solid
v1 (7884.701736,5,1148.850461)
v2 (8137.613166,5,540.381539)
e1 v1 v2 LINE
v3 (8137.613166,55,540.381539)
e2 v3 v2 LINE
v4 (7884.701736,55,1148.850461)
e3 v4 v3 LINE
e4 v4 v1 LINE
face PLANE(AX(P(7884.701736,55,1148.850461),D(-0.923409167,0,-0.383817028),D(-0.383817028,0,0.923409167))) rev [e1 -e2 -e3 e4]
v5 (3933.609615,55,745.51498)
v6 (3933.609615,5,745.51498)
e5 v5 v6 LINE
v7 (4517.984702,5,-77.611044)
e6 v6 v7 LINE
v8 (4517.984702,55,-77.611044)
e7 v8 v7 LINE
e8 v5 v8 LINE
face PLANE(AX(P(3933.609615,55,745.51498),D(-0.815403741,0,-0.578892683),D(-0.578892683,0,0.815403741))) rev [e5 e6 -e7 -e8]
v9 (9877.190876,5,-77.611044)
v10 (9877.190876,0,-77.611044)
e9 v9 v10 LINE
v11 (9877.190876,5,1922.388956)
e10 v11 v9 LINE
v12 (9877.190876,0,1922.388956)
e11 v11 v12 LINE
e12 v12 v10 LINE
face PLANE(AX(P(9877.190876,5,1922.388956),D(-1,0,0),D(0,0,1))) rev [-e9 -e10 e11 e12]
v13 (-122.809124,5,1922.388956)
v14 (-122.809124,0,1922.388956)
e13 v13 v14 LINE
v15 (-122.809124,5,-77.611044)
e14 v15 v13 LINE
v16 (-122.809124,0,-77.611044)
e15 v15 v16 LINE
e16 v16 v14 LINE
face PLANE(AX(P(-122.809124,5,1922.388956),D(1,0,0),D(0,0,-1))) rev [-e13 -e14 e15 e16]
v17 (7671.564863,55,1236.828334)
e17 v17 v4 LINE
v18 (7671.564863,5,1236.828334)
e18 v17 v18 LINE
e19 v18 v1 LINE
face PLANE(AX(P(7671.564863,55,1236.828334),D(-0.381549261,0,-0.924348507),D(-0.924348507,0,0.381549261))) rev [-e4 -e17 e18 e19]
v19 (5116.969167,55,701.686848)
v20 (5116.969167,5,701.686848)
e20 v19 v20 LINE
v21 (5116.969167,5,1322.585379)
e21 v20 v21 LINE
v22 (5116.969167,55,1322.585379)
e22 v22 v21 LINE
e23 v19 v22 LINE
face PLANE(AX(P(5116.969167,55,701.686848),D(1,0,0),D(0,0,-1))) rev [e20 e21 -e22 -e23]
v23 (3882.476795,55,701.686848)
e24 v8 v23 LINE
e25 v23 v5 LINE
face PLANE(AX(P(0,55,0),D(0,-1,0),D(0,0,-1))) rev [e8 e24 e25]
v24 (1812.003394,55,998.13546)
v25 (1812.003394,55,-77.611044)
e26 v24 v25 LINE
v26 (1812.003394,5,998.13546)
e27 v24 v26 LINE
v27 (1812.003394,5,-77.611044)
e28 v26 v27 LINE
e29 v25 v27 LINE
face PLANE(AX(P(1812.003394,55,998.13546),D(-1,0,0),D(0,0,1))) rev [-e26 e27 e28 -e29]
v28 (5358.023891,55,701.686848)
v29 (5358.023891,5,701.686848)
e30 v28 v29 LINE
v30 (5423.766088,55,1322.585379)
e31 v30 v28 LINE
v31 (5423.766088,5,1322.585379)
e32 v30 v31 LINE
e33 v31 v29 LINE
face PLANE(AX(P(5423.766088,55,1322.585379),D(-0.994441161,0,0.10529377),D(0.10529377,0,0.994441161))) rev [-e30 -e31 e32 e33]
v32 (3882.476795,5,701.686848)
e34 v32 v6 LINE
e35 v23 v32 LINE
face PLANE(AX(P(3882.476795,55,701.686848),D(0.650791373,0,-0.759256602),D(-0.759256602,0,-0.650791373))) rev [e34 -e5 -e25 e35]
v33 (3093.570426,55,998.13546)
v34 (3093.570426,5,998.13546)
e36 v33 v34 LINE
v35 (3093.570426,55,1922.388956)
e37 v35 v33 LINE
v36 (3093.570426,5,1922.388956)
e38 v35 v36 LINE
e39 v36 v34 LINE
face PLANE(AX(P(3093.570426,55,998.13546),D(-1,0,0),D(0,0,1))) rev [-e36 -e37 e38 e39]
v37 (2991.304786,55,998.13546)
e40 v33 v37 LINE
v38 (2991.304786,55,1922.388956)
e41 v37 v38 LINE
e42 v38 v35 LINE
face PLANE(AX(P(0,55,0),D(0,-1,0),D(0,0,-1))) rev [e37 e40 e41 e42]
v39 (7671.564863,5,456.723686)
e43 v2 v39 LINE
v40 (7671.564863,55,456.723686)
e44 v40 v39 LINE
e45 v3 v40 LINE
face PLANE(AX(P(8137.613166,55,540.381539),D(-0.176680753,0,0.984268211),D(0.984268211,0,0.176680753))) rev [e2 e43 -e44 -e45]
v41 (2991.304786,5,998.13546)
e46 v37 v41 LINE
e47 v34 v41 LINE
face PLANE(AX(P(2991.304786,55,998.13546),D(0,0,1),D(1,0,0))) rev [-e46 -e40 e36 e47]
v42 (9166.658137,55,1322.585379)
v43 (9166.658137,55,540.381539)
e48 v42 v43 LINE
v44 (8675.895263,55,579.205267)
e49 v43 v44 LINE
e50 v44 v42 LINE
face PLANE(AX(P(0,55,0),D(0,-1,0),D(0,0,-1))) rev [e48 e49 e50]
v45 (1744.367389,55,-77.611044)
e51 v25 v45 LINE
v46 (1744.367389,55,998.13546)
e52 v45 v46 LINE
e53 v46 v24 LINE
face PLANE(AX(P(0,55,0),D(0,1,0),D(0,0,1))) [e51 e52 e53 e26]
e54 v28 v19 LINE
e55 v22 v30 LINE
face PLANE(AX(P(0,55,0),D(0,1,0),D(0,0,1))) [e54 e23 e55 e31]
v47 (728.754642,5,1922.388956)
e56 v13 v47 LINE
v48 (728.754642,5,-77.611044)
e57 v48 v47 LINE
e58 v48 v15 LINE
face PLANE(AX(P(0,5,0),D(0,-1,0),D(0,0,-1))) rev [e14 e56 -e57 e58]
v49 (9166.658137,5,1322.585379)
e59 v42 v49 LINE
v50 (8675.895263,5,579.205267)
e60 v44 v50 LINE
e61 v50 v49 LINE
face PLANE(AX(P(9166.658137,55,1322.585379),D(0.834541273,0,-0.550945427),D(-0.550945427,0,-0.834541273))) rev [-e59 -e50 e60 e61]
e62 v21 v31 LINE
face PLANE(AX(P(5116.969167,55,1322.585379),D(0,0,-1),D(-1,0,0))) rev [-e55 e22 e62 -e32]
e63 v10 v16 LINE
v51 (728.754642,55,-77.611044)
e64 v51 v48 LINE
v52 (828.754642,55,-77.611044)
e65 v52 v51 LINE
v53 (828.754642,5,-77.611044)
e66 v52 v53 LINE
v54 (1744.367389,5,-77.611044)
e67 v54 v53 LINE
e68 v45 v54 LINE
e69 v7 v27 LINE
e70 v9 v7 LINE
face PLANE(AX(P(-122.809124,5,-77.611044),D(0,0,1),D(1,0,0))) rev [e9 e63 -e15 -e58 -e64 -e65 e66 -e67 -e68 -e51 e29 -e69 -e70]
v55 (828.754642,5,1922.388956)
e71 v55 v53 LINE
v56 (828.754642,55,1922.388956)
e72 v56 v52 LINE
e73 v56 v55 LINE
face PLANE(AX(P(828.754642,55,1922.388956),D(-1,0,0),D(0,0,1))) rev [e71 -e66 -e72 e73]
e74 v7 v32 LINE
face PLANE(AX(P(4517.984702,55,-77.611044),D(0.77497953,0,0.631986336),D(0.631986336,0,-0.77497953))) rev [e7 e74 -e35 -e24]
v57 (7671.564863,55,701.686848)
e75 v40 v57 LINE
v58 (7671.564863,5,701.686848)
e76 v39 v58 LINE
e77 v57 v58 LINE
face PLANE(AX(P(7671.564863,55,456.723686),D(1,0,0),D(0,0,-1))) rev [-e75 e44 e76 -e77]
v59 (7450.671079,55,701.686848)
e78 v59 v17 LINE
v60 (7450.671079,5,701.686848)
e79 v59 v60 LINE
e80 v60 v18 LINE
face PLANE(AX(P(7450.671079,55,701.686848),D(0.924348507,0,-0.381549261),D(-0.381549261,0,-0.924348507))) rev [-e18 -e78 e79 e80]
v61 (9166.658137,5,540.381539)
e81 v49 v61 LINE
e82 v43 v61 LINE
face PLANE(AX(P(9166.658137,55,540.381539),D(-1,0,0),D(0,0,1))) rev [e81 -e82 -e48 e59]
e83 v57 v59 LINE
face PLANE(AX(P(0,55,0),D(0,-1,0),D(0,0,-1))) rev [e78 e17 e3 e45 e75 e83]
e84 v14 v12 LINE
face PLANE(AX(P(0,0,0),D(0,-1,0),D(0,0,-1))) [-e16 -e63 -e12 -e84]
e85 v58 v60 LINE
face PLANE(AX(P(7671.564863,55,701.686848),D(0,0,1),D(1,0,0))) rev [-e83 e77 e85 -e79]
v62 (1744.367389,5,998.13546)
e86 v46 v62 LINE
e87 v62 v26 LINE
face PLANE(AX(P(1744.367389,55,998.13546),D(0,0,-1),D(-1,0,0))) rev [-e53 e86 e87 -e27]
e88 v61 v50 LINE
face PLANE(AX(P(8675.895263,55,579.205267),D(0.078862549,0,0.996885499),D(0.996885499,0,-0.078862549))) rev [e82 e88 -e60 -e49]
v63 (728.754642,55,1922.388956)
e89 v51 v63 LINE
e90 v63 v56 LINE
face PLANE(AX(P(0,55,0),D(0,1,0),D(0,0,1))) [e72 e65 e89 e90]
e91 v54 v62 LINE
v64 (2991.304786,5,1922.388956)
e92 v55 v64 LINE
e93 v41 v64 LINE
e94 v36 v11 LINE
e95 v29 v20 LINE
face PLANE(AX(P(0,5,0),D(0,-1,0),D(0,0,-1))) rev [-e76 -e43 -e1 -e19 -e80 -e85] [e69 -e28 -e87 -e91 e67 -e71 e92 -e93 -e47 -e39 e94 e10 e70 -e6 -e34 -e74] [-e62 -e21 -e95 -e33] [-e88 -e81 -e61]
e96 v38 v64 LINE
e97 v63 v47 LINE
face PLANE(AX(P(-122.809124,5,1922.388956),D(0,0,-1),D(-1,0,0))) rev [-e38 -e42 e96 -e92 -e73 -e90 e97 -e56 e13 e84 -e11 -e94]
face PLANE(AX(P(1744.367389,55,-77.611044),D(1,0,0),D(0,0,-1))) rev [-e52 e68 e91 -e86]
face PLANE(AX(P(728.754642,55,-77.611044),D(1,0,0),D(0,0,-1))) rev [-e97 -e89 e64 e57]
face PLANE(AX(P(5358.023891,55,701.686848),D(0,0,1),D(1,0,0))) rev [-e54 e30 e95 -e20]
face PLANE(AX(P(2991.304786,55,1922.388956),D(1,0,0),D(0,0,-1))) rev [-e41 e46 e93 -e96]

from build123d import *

# Parameters (mm, degrees)
SKETCH1_W           = 10000
SKETCH1_H           = 2000
BOSS_EXTRUDE1_DEPTH = 5
SKETCH2_W           = 100
SKETCH2_H           = 2000
SKETCH2_W_2         = 67.636005508
SKETCH2_H_2         = 1075.746504581
SKETCH2_W_3         = 102.265640327
SKETCH2_H_3         = 924.253495419
BOSS_EXTRUDE2_DEPTH = 50


with BuildPart() as part:
    # Sketch1 → Boss-Extrude1 (new body)
    with BuildSketch(Plane(origin=(0, 0, 0), x_dir=(1, 0, 0), z_dir=(0, 1, 0))):
        with Locations((4877.190876351, -922.388955582)):
            Rectangle(SKETCH1_W, SKETCH1_H)
    extrude(amount=BOSS_EXTRUDE1_DEPTH)

    # Sketch2 → Boss-Extrude2 (add)
    with BuildSketch(Plane(origin=(0, 5, 0), x_dir=(1, 0, 0), z_dir=(0, 1, 0))):
        with Locations((778.754642353, -922.388955582)):
            Rectangle(SKETCH2_W, SKETCH2_H)
        with Locations((1778.185391324, -460.262207873)):
            Rectangle(SKETCH2_W_2, SKETCH2_H_2)
        with Locations((3042.437606271, -1460.262207873)):
            Rectangle(SKETCH2_W_3, SKETCH2_H_3)
        Polygon((4517.984702422, 77.611044418), (3882.476794673, -701.686848024), (3933.609614837, -745.514979593), align=None)
        Polygon((5358.023890825, -701.686848024), (5116.969167196, -701.686848024), (5116.969167196, -1322.585378583), (5423.766088178, -1322.585378583), align=None)
        Polygon((7671.564862573, -701.686848024), (7450.671079466, -701.686848024), (7671.564862573, -1236.828334479), (7884.701735774, -1148.850460529), (8137.613165674, -540.381539223), (7671.564862573, -456.723686309), align=None)
        Polygon((9166.658136654, -540.381539223), (9166.658136654, -1322.585378583), (8675.8952631, -579.205267166), align=None)
    extrude(amount=BOSS_EXTRUDE2_DEPTH)


solid = part.part
